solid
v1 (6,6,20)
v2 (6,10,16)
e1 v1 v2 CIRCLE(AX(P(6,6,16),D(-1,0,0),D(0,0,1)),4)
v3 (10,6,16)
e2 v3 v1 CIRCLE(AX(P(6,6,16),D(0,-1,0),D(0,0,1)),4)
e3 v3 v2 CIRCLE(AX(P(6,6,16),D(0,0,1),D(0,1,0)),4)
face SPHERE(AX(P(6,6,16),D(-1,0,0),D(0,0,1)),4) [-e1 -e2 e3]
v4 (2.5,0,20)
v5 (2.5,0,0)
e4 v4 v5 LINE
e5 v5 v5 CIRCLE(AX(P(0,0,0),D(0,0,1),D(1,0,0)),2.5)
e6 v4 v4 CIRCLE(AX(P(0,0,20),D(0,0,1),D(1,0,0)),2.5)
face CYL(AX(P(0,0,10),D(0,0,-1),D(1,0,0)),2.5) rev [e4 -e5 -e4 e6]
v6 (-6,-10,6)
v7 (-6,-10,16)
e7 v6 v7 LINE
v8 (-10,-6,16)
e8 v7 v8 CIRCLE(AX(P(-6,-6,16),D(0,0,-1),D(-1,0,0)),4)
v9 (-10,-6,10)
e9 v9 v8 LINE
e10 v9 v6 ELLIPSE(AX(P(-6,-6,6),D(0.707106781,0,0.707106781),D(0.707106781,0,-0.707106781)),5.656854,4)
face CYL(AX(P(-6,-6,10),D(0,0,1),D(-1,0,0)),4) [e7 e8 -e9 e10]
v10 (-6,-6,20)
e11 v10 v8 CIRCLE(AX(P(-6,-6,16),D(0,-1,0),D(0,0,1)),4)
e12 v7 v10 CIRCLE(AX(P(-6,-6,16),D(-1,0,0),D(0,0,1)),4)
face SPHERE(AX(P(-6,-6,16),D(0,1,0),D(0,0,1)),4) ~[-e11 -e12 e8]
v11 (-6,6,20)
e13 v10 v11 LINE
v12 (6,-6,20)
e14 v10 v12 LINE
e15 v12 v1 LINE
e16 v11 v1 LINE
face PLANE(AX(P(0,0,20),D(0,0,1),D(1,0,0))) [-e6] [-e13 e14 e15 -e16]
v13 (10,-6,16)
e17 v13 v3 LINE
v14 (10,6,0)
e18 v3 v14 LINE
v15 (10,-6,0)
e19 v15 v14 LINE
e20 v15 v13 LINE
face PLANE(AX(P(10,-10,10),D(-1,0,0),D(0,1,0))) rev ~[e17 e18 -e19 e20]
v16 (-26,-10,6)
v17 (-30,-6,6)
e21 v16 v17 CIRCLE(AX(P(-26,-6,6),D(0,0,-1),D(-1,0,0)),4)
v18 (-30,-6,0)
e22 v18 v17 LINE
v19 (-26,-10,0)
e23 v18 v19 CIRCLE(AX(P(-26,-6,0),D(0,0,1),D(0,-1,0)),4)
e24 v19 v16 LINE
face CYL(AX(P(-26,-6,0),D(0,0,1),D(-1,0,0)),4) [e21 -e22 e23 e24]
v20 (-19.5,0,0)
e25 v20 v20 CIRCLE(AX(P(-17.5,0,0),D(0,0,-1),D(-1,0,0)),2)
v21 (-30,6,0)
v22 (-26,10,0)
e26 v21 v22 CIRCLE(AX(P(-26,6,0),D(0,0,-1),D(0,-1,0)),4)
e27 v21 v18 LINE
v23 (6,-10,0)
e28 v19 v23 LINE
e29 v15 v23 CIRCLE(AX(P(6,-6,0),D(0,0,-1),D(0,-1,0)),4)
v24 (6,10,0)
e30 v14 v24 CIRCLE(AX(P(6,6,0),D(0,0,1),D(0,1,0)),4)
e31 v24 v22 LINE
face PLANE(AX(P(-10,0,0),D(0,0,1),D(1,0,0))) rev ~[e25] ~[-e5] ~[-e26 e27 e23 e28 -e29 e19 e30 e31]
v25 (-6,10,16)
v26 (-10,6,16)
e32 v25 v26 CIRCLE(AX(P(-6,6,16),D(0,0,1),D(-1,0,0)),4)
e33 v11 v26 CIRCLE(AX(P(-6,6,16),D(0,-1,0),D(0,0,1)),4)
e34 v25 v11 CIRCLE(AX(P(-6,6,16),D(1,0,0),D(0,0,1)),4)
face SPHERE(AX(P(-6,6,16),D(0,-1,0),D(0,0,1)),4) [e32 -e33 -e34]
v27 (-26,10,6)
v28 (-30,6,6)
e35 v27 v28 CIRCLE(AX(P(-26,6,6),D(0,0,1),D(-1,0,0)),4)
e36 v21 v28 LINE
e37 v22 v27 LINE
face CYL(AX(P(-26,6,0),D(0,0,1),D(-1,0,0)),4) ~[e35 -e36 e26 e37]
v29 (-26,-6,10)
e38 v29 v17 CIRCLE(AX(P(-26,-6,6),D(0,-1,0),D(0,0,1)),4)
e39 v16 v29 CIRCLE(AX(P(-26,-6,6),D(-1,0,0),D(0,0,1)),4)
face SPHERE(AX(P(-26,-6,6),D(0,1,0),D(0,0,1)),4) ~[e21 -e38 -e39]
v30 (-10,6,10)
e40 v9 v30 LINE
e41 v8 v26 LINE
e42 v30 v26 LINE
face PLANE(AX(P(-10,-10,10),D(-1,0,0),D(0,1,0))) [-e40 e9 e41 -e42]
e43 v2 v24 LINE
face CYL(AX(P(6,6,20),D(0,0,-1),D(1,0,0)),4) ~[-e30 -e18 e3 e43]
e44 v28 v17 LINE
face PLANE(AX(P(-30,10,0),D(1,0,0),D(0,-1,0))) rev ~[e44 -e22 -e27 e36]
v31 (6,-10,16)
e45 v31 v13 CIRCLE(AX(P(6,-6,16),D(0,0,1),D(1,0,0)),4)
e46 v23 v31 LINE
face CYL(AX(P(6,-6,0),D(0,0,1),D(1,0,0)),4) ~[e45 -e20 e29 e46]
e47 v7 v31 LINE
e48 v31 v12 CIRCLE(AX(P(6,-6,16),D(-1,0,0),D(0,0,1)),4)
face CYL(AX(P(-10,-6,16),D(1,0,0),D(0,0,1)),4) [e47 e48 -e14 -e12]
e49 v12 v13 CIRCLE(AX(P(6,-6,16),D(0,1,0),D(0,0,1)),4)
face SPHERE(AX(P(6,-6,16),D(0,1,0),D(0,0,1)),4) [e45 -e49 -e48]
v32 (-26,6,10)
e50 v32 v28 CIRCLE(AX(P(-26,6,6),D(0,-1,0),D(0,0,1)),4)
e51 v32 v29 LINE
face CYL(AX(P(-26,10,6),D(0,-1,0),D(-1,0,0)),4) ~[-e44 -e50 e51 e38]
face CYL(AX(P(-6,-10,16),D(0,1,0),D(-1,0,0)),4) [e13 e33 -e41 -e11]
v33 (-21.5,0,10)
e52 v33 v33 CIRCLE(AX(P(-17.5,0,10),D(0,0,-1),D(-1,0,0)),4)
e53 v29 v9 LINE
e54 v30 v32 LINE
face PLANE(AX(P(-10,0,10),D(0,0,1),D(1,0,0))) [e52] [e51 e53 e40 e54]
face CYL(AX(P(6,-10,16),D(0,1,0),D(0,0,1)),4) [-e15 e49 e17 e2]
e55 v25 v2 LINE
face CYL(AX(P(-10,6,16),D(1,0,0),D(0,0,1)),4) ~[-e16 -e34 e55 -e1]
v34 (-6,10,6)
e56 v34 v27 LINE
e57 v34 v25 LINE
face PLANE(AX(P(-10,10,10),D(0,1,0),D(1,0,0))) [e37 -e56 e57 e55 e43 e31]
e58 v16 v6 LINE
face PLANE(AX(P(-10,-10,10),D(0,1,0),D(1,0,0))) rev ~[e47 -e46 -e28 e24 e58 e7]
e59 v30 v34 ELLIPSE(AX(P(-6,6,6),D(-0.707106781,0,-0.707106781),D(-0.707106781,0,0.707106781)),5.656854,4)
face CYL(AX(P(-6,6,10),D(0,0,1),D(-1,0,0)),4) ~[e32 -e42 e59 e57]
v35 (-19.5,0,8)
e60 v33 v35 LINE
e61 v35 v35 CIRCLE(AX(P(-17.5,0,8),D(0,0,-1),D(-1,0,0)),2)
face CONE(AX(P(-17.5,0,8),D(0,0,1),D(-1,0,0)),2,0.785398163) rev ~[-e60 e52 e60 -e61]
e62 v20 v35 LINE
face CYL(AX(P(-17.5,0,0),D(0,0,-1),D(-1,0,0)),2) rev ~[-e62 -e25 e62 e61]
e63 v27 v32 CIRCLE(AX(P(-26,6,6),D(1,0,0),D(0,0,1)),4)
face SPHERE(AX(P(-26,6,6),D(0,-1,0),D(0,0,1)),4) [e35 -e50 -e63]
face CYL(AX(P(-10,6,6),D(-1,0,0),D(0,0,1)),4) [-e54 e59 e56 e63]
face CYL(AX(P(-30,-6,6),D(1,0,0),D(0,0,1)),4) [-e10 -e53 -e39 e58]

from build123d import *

# Parameters (mm, degrees)
F0_R     = 2.5
F1_DEPTH = 10
F2_W     = 20
F2_H     = 20
F2_R     = 2.5
F3_DEPTH = 10
F4_R     = 4
F5_SIZE  = 2


with BuildPart() as f1:
    # F0 (on Top) → F1 (new body)
    with BuildSketch(Plane.XY):
        Polygon((10, 10), (-30, 10), (-30, 0), (-30, -10), (10, -10), align=None)
        with BuildLine():
            ThreePointArc((-15.5, 0), (-17.5, -2), (-19.5, 0))
            ThreePointArc((-19.5, 0), (-17.5, 2), (-15.5, 0))
        make_face(mode=Mode.SUBTRACT)
        Circle(F0_R, mode=Mode.SUBTRACT)
    extrude(amount=F1_DEPTH)

    # F2 (on face) → F3 (join)
    with BuildSketch(Plane.XY.offset(10)):
        Rectangle(F2_W, F2_H)
        Circle(F2_R, mode=Mode.SUBTRACT)
    extrude(amount=F3_DEPTH)

    # F4
    f4_edges = [f1.edges().sort_by_distance(p)[0] for p in [
        (-30, 0, 10),
        (-20, 10, 10),
        (-20, -10, 10),
        (-10, 0, 20),
        (0, 10, 20),
        (10, 0, 20),
        (0, -10, 20),
        (-10, -10, 15),
        (-10, 10, 15),
        (10, 10, 10),
        (10, -10, 10),
        (-30, 10, 5),
        (-30, -10, 5),
    ]]
    fillet(f4_edges, radius=F4_R)

    # F5
    f5_edges = [f1.edges().sort_by_distance(p)[0] for p in [
        (-19.5, 0, 10),
    ]]
    chamfer(f5_edges, length=F5_SIZE)


solid = f1.part
